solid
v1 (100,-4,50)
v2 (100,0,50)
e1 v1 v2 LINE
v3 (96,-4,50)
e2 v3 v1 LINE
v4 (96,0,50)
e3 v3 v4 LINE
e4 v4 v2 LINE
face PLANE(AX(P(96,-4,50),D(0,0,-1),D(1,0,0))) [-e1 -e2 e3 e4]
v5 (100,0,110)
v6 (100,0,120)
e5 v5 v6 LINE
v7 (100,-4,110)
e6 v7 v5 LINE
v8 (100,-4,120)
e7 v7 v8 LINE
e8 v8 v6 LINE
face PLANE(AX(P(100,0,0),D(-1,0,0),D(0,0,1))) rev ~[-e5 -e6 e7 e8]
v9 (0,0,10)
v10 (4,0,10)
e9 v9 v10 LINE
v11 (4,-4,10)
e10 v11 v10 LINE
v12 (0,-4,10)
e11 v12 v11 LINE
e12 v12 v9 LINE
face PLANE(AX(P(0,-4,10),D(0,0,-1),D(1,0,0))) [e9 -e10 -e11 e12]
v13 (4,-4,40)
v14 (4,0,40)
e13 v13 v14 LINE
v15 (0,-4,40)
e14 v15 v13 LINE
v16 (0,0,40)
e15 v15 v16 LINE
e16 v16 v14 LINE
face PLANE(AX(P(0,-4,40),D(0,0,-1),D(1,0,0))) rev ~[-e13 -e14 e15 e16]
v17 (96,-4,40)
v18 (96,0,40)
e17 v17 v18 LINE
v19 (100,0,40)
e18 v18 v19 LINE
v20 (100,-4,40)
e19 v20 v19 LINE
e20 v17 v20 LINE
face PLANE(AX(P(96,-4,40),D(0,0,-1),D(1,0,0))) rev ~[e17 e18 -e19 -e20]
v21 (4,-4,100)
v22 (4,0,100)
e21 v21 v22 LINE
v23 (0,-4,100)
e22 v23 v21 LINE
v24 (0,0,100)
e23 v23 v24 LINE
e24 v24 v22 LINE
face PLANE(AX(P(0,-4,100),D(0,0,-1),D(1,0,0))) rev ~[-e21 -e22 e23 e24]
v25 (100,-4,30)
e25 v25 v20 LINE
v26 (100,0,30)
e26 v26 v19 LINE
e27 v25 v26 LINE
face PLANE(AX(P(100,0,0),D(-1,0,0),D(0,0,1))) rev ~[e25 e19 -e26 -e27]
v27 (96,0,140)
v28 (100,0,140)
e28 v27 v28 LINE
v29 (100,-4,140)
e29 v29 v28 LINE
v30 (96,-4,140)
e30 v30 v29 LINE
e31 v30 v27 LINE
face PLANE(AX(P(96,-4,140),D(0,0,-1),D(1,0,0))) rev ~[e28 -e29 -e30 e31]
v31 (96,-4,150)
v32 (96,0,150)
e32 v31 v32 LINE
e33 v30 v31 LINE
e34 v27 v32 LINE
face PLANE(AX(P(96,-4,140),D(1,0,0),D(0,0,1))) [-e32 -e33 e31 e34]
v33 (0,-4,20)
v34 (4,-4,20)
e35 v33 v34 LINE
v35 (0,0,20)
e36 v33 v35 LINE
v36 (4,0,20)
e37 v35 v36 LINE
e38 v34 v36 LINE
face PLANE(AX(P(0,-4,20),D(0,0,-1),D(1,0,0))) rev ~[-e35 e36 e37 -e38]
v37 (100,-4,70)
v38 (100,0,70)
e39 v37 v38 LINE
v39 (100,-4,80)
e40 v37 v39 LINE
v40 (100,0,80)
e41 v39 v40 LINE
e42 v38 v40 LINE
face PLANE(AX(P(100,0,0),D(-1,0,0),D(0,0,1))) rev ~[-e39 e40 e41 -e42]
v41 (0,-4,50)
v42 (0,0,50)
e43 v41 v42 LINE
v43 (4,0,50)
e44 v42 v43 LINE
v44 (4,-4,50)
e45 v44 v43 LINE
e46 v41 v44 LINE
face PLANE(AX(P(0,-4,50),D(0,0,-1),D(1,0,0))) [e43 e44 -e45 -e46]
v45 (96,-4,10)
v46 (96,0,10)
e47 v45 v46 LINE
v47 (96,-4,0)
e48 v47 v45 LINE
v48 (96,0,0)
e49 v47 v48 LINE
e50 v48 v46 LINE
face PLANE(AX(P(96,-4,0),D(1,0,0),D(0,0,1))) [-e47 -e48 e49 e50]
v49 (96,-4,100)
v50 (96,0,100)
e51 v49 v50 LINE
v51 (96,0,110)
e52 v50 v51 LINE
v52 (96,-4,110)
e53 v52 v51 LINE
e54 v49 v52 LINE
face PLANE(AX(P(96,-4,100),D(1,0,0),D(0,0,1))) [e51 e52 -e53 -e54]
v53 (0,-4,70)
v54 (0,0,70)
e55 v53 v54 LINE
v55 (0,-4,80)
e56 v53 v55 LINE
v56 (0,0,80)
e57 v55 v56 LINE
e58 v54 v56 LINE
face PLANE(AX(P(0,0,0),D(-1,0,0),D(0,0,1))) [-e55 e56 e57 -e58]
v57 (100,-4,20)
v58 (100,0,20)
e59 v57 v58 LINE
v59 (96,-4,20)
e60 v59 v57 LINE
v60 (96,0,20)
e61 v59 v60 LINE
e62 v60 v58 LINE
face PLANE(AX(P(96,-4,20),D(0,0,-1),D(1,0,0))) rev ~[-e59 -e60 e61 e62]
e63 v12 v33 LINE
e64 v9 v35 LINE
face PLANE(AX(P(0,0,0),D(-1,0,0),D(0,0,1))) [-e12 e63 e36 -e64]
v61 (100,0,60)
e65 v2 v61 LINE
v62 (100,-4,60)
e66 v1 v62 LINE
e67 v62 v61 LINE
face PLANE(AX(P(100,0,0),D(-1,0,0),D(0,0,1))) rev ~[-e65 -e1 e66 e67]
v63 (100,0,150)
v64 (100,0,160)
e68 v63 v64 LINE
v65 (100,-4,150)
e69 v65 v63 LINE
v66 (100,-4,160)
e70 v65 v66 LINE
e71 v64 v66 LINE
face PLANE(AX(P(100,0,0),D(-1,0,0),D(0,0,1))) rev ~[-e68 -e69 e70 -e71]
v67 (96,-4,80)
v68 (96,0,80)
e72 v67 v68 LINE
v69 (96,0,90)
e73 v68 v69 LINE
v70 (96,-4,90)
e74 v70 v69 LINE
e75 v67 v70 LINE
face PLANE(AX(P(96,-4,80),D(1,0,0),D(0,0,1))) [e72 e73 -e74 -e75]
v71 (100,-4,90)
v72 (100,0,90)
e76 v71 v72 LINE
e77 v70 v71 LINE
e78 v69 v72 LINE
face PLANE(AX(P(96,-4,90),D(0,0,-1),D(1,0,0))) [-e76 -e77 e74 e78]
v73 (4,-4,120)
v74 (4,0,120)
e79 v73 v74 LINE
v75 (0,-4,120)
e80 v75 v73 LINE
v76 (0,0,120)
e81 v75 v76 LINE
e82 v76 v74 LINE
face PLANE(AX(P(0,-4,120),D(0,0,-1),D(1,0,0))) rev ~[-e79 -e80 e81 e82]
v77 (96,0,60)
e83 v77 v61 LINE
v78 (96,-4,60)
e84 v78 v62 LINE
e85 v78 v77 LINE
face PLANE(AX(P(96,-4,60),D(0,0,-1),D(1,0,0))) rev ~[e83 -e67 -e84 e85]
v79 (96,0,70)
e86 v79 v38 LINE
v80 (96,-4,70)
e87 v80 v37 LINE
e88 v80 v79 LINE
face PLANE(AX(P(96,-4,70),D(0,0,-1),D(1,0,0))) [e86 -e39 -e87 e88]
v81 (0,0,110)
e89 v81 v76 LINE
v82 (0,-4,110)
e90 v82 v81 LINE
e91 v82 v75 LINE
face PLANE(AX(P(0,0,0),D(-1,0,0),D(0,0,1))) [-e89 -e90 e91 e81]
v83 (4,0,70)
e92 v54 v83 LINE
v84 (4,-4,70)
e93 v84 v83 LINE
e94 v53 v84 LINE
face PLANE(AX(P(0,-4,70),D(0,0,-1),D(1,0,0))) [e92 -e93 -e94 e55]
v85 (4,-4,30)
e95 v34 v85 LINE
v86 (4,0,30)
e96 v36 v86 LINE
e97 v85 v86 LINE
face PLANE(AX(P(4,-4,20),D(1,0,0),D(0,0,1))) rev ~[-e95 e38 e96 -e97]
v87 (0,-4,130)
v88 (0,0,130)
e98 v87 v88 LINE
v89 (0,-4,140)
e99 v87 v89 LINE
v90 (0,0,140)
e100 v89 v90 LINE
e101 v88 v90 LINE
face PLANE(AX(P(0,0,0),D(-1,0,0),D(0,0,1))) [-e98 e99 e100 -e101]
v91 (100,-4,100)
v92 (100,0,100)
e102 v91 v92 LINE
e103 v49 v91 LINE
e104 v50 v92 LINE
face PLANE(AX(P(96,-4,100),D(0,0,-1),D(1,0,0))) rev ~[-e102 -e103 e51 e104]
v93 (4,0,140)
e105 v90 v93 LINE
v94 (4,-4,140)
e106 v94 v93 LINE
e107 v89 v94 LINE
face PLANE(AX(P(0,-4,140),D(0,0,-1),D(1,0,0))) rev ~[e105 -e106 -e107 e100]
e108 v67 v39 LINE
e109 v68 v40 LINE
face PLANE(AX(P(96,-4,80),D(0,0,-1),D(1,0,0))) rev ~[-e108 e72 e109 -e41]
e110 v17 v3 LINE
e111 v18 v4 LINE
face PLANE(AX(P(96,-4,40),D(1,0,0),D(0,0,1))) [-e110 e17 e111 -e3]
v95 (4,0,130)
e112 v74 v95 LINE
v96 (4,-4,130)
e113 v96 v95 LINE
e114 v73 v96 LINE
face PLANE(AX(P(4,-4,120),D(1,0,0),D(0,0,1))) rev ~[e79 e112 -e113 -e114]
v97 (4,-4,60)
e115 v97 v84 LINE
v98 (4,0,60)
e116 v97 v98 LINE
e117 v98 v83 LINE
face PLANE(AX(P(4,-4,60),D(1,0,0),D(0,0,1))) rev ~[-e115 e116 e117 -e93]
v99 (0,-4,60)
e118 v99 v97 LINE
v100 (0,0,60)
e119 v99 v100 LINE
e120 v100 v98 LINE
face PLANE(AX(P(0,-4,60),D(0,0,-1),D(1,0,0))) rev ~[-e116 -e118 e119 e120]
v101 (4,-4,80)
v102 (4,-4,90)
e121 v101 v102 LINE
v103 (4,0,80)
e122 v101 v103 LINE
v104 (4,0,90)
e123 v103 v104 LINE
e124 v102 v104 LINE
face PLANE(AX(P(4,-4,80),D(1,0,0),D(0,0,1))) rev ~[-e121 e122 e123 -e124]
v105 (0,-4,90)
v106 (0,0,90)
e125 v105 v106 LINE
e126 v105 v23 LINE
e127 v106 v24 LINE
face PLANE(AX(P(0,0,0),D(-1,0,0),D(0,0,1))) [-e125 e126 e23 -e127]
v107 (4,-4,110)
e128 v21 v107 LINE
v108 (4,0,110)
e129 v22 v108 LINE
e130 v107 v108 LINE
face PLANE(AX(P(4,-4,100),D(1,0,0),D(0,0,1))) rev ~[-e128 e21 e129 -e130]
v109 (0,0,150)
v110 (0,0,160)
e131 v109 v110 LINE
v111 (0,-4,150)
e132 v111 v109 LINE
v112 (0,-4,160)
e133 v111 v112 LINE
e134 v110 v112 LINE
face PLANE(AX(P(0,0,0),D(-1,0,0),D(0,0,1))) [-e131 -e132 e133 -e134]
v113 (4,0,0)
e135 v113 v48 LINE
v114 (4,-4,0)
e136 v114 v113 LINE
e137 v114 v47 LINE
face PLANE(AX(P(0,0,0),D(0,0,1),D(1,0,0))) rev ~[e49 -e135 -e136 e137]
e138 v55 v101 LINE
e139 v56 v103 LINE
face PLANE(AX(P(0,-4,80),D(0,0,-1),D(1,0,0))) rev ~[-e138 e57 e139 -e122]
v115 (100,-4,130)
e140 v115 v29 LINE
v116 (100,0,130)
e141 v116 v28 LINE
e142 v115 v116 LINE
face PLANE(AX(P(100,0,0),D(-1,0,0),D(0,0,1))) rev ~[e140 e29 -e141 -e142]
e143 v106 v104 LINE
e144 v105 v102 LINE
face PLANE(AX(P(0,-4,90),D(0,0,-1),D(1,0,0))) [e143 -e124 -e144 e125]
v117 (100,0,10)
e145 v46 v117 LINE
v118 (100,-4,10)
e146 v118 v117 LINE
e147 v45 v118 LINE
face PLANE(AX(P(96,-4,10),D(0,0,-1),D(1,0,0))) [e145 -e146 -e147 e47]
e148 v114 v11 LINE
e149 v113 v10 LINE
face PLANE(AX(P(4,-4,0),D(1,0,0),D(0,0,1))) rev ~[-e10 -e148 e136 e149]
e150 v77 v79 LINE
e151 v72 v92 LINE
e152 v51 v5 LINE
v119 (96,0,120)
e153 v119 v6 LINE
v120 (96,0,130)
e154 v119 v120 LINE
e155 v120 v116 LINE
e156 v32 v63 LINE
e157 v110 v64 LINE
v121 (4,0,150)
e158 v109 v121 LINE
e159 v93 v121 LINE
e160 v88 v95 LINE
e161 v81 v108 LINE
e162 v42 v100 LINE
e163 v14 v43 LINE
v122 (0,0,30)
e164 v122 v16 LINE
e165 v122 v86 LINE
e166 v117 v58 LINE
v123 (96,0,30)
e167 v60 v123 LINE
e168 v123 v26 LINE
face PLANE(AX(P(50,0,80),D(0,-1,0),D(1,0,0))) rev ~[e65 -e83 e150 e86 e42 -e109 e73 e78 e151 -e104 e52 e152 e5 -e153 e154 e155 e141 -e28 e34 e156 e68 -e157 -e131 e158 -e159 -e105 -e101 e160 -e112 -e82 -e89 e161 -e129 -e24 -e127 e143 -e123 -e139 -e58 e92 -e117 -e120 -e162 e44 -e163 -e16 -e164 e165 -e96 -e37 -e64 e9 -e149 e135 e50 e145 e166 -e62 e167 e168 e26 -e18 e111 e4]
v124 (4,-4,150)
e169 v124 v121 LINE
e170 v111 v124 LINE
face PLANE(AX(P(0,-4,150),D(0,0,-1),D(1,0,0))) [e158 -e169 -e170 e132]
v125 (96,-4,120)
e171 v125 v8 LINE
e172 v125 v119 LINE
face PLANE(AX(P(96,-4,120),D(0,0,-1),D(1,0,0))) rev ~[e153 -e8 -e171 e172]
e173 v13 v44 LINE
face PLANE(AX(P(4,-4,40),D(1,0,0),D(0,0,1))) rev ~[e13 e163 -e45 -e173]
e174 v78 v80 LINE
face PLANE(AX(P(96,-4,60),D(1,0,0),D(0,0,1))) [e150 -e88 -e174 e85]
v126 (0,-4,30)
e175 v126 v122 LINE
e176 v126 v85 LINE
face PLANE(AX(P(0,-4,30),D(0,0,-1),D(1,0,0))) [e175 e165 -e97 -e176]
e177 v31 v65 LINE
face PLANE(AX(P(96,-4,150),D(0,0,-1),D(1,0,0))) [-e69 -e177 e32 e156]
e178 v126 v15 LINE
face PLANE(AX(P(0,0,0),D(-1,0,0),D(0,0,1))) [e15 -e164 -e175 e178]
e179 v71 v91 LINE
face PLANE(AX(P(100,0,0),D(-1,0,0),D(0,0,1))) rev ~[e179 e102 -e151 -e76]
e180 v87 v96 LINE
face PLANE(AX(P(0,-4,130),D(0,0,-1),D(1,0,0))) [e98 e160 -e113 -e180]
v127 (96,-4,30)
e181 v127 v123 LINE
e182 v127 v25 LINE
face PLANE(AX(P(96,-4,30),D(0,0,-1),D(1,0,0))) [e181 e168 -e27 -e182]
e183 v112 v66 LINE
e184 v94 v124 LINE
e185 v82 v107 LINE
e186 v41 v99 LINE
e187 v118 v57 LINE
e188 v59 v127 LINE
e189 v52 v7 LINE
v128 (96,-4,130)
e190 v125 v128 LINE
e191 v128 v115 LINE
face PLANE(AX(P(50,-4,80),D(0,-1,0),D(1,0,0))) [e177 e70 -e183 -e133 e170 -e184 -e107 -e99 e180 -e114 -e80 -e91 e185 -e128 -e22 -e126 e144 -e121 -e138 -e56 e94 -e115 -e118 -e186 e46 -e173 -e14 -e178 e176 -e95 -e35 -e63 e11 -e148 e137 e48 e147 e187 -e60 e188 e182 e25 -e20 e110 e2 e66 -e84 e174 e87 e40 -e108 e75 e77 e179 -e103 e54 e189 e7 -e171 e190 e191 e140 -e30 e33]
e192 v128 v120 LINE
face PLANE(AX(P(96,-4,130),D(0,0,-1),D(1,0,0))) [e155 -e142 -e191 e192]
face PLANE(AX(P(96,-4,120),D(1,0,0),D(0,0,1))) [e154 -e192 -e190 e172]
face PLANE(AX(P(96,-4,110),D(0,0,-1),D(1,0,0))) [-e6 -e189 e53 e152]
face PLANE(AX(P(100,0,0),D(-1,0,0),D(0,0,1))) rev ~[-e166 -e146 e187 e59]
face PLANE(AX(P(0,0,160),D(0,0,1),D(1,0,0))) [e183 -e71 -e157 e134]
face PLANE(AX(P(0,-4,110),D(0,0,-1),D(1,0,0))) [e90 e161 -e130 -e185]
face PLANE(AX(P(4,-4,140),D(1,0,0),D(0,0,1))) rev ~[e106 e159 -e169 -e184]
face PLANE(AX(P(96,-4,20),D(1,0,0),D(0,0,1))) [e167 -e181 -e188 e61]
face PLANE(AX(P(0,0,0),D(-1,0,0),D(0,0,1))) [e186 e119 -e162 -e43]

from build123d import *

# Parameters (mm, degrees)
F0_W     = 100
F0_H     = 160
F1_DEPTH = 4
F2_W     = 4
F2_H     = 10
F3_DEPTH = 4


with BuildPart() as f1:
    # F0 (on Front) → F1 (new body)
    with BuildSketch(Plane.XZ):
        with Locations((50, 80)):
            Rectangle(F0_W, F0_H)
    extrude(amount=F1_DEPTH)

    # F2 (on face) → F3 (cut, through all)
    with BuildSketch(Plane.XZ.offset(4)):
        with Locations((2, 5)):
            Rectangle(F2_W, F2_H)
        with Locations((2, 25)):
            Rectangle(F2_W, F2_H)
        with Locations((2, 45)):
            Rectangle(F2_W, F2_H)
        with Locations((2, 65)):
            Rectangle(F2_W, F2_H)
        with Locations((2, 85)):
            Rectangle(F2_W, F2_H)
        with Locations((2, 105)):
            Rectangle(F2_W, F2_H)
        with Locations((2, 125)):
            Rectangle(F2_W, F2_H)
        with Locations((2, 145)):
            Rectangle(F2_W, F2_H)
        with Locations((98, 5)):
            Rectangle(F2_W, F2_H)
        with Locations((98, 125)):
            Rectangle(F2_W, F2_H)
        with Locations((98, 105)):
            Rectangle(F2_W, F2_H)
        with Locations((98, 145)):
            Rectangle(F2_W, F2_H)
        with Locations((98, 25)):
            Rectangle(F2_W, F2_H)
        with Locations((98, 65)):
            Rectangle(F2_W, F2_H)
        with Locations((98, 85)):
            Rectangle(F2_W, F2_H)
        with Locations((98, 45)):
            Rectangle(F2_W, F2_H)
    extrude(amount=-F3_DEPTH, mode=Mode.SUBTRACT)


solid = f1.part
